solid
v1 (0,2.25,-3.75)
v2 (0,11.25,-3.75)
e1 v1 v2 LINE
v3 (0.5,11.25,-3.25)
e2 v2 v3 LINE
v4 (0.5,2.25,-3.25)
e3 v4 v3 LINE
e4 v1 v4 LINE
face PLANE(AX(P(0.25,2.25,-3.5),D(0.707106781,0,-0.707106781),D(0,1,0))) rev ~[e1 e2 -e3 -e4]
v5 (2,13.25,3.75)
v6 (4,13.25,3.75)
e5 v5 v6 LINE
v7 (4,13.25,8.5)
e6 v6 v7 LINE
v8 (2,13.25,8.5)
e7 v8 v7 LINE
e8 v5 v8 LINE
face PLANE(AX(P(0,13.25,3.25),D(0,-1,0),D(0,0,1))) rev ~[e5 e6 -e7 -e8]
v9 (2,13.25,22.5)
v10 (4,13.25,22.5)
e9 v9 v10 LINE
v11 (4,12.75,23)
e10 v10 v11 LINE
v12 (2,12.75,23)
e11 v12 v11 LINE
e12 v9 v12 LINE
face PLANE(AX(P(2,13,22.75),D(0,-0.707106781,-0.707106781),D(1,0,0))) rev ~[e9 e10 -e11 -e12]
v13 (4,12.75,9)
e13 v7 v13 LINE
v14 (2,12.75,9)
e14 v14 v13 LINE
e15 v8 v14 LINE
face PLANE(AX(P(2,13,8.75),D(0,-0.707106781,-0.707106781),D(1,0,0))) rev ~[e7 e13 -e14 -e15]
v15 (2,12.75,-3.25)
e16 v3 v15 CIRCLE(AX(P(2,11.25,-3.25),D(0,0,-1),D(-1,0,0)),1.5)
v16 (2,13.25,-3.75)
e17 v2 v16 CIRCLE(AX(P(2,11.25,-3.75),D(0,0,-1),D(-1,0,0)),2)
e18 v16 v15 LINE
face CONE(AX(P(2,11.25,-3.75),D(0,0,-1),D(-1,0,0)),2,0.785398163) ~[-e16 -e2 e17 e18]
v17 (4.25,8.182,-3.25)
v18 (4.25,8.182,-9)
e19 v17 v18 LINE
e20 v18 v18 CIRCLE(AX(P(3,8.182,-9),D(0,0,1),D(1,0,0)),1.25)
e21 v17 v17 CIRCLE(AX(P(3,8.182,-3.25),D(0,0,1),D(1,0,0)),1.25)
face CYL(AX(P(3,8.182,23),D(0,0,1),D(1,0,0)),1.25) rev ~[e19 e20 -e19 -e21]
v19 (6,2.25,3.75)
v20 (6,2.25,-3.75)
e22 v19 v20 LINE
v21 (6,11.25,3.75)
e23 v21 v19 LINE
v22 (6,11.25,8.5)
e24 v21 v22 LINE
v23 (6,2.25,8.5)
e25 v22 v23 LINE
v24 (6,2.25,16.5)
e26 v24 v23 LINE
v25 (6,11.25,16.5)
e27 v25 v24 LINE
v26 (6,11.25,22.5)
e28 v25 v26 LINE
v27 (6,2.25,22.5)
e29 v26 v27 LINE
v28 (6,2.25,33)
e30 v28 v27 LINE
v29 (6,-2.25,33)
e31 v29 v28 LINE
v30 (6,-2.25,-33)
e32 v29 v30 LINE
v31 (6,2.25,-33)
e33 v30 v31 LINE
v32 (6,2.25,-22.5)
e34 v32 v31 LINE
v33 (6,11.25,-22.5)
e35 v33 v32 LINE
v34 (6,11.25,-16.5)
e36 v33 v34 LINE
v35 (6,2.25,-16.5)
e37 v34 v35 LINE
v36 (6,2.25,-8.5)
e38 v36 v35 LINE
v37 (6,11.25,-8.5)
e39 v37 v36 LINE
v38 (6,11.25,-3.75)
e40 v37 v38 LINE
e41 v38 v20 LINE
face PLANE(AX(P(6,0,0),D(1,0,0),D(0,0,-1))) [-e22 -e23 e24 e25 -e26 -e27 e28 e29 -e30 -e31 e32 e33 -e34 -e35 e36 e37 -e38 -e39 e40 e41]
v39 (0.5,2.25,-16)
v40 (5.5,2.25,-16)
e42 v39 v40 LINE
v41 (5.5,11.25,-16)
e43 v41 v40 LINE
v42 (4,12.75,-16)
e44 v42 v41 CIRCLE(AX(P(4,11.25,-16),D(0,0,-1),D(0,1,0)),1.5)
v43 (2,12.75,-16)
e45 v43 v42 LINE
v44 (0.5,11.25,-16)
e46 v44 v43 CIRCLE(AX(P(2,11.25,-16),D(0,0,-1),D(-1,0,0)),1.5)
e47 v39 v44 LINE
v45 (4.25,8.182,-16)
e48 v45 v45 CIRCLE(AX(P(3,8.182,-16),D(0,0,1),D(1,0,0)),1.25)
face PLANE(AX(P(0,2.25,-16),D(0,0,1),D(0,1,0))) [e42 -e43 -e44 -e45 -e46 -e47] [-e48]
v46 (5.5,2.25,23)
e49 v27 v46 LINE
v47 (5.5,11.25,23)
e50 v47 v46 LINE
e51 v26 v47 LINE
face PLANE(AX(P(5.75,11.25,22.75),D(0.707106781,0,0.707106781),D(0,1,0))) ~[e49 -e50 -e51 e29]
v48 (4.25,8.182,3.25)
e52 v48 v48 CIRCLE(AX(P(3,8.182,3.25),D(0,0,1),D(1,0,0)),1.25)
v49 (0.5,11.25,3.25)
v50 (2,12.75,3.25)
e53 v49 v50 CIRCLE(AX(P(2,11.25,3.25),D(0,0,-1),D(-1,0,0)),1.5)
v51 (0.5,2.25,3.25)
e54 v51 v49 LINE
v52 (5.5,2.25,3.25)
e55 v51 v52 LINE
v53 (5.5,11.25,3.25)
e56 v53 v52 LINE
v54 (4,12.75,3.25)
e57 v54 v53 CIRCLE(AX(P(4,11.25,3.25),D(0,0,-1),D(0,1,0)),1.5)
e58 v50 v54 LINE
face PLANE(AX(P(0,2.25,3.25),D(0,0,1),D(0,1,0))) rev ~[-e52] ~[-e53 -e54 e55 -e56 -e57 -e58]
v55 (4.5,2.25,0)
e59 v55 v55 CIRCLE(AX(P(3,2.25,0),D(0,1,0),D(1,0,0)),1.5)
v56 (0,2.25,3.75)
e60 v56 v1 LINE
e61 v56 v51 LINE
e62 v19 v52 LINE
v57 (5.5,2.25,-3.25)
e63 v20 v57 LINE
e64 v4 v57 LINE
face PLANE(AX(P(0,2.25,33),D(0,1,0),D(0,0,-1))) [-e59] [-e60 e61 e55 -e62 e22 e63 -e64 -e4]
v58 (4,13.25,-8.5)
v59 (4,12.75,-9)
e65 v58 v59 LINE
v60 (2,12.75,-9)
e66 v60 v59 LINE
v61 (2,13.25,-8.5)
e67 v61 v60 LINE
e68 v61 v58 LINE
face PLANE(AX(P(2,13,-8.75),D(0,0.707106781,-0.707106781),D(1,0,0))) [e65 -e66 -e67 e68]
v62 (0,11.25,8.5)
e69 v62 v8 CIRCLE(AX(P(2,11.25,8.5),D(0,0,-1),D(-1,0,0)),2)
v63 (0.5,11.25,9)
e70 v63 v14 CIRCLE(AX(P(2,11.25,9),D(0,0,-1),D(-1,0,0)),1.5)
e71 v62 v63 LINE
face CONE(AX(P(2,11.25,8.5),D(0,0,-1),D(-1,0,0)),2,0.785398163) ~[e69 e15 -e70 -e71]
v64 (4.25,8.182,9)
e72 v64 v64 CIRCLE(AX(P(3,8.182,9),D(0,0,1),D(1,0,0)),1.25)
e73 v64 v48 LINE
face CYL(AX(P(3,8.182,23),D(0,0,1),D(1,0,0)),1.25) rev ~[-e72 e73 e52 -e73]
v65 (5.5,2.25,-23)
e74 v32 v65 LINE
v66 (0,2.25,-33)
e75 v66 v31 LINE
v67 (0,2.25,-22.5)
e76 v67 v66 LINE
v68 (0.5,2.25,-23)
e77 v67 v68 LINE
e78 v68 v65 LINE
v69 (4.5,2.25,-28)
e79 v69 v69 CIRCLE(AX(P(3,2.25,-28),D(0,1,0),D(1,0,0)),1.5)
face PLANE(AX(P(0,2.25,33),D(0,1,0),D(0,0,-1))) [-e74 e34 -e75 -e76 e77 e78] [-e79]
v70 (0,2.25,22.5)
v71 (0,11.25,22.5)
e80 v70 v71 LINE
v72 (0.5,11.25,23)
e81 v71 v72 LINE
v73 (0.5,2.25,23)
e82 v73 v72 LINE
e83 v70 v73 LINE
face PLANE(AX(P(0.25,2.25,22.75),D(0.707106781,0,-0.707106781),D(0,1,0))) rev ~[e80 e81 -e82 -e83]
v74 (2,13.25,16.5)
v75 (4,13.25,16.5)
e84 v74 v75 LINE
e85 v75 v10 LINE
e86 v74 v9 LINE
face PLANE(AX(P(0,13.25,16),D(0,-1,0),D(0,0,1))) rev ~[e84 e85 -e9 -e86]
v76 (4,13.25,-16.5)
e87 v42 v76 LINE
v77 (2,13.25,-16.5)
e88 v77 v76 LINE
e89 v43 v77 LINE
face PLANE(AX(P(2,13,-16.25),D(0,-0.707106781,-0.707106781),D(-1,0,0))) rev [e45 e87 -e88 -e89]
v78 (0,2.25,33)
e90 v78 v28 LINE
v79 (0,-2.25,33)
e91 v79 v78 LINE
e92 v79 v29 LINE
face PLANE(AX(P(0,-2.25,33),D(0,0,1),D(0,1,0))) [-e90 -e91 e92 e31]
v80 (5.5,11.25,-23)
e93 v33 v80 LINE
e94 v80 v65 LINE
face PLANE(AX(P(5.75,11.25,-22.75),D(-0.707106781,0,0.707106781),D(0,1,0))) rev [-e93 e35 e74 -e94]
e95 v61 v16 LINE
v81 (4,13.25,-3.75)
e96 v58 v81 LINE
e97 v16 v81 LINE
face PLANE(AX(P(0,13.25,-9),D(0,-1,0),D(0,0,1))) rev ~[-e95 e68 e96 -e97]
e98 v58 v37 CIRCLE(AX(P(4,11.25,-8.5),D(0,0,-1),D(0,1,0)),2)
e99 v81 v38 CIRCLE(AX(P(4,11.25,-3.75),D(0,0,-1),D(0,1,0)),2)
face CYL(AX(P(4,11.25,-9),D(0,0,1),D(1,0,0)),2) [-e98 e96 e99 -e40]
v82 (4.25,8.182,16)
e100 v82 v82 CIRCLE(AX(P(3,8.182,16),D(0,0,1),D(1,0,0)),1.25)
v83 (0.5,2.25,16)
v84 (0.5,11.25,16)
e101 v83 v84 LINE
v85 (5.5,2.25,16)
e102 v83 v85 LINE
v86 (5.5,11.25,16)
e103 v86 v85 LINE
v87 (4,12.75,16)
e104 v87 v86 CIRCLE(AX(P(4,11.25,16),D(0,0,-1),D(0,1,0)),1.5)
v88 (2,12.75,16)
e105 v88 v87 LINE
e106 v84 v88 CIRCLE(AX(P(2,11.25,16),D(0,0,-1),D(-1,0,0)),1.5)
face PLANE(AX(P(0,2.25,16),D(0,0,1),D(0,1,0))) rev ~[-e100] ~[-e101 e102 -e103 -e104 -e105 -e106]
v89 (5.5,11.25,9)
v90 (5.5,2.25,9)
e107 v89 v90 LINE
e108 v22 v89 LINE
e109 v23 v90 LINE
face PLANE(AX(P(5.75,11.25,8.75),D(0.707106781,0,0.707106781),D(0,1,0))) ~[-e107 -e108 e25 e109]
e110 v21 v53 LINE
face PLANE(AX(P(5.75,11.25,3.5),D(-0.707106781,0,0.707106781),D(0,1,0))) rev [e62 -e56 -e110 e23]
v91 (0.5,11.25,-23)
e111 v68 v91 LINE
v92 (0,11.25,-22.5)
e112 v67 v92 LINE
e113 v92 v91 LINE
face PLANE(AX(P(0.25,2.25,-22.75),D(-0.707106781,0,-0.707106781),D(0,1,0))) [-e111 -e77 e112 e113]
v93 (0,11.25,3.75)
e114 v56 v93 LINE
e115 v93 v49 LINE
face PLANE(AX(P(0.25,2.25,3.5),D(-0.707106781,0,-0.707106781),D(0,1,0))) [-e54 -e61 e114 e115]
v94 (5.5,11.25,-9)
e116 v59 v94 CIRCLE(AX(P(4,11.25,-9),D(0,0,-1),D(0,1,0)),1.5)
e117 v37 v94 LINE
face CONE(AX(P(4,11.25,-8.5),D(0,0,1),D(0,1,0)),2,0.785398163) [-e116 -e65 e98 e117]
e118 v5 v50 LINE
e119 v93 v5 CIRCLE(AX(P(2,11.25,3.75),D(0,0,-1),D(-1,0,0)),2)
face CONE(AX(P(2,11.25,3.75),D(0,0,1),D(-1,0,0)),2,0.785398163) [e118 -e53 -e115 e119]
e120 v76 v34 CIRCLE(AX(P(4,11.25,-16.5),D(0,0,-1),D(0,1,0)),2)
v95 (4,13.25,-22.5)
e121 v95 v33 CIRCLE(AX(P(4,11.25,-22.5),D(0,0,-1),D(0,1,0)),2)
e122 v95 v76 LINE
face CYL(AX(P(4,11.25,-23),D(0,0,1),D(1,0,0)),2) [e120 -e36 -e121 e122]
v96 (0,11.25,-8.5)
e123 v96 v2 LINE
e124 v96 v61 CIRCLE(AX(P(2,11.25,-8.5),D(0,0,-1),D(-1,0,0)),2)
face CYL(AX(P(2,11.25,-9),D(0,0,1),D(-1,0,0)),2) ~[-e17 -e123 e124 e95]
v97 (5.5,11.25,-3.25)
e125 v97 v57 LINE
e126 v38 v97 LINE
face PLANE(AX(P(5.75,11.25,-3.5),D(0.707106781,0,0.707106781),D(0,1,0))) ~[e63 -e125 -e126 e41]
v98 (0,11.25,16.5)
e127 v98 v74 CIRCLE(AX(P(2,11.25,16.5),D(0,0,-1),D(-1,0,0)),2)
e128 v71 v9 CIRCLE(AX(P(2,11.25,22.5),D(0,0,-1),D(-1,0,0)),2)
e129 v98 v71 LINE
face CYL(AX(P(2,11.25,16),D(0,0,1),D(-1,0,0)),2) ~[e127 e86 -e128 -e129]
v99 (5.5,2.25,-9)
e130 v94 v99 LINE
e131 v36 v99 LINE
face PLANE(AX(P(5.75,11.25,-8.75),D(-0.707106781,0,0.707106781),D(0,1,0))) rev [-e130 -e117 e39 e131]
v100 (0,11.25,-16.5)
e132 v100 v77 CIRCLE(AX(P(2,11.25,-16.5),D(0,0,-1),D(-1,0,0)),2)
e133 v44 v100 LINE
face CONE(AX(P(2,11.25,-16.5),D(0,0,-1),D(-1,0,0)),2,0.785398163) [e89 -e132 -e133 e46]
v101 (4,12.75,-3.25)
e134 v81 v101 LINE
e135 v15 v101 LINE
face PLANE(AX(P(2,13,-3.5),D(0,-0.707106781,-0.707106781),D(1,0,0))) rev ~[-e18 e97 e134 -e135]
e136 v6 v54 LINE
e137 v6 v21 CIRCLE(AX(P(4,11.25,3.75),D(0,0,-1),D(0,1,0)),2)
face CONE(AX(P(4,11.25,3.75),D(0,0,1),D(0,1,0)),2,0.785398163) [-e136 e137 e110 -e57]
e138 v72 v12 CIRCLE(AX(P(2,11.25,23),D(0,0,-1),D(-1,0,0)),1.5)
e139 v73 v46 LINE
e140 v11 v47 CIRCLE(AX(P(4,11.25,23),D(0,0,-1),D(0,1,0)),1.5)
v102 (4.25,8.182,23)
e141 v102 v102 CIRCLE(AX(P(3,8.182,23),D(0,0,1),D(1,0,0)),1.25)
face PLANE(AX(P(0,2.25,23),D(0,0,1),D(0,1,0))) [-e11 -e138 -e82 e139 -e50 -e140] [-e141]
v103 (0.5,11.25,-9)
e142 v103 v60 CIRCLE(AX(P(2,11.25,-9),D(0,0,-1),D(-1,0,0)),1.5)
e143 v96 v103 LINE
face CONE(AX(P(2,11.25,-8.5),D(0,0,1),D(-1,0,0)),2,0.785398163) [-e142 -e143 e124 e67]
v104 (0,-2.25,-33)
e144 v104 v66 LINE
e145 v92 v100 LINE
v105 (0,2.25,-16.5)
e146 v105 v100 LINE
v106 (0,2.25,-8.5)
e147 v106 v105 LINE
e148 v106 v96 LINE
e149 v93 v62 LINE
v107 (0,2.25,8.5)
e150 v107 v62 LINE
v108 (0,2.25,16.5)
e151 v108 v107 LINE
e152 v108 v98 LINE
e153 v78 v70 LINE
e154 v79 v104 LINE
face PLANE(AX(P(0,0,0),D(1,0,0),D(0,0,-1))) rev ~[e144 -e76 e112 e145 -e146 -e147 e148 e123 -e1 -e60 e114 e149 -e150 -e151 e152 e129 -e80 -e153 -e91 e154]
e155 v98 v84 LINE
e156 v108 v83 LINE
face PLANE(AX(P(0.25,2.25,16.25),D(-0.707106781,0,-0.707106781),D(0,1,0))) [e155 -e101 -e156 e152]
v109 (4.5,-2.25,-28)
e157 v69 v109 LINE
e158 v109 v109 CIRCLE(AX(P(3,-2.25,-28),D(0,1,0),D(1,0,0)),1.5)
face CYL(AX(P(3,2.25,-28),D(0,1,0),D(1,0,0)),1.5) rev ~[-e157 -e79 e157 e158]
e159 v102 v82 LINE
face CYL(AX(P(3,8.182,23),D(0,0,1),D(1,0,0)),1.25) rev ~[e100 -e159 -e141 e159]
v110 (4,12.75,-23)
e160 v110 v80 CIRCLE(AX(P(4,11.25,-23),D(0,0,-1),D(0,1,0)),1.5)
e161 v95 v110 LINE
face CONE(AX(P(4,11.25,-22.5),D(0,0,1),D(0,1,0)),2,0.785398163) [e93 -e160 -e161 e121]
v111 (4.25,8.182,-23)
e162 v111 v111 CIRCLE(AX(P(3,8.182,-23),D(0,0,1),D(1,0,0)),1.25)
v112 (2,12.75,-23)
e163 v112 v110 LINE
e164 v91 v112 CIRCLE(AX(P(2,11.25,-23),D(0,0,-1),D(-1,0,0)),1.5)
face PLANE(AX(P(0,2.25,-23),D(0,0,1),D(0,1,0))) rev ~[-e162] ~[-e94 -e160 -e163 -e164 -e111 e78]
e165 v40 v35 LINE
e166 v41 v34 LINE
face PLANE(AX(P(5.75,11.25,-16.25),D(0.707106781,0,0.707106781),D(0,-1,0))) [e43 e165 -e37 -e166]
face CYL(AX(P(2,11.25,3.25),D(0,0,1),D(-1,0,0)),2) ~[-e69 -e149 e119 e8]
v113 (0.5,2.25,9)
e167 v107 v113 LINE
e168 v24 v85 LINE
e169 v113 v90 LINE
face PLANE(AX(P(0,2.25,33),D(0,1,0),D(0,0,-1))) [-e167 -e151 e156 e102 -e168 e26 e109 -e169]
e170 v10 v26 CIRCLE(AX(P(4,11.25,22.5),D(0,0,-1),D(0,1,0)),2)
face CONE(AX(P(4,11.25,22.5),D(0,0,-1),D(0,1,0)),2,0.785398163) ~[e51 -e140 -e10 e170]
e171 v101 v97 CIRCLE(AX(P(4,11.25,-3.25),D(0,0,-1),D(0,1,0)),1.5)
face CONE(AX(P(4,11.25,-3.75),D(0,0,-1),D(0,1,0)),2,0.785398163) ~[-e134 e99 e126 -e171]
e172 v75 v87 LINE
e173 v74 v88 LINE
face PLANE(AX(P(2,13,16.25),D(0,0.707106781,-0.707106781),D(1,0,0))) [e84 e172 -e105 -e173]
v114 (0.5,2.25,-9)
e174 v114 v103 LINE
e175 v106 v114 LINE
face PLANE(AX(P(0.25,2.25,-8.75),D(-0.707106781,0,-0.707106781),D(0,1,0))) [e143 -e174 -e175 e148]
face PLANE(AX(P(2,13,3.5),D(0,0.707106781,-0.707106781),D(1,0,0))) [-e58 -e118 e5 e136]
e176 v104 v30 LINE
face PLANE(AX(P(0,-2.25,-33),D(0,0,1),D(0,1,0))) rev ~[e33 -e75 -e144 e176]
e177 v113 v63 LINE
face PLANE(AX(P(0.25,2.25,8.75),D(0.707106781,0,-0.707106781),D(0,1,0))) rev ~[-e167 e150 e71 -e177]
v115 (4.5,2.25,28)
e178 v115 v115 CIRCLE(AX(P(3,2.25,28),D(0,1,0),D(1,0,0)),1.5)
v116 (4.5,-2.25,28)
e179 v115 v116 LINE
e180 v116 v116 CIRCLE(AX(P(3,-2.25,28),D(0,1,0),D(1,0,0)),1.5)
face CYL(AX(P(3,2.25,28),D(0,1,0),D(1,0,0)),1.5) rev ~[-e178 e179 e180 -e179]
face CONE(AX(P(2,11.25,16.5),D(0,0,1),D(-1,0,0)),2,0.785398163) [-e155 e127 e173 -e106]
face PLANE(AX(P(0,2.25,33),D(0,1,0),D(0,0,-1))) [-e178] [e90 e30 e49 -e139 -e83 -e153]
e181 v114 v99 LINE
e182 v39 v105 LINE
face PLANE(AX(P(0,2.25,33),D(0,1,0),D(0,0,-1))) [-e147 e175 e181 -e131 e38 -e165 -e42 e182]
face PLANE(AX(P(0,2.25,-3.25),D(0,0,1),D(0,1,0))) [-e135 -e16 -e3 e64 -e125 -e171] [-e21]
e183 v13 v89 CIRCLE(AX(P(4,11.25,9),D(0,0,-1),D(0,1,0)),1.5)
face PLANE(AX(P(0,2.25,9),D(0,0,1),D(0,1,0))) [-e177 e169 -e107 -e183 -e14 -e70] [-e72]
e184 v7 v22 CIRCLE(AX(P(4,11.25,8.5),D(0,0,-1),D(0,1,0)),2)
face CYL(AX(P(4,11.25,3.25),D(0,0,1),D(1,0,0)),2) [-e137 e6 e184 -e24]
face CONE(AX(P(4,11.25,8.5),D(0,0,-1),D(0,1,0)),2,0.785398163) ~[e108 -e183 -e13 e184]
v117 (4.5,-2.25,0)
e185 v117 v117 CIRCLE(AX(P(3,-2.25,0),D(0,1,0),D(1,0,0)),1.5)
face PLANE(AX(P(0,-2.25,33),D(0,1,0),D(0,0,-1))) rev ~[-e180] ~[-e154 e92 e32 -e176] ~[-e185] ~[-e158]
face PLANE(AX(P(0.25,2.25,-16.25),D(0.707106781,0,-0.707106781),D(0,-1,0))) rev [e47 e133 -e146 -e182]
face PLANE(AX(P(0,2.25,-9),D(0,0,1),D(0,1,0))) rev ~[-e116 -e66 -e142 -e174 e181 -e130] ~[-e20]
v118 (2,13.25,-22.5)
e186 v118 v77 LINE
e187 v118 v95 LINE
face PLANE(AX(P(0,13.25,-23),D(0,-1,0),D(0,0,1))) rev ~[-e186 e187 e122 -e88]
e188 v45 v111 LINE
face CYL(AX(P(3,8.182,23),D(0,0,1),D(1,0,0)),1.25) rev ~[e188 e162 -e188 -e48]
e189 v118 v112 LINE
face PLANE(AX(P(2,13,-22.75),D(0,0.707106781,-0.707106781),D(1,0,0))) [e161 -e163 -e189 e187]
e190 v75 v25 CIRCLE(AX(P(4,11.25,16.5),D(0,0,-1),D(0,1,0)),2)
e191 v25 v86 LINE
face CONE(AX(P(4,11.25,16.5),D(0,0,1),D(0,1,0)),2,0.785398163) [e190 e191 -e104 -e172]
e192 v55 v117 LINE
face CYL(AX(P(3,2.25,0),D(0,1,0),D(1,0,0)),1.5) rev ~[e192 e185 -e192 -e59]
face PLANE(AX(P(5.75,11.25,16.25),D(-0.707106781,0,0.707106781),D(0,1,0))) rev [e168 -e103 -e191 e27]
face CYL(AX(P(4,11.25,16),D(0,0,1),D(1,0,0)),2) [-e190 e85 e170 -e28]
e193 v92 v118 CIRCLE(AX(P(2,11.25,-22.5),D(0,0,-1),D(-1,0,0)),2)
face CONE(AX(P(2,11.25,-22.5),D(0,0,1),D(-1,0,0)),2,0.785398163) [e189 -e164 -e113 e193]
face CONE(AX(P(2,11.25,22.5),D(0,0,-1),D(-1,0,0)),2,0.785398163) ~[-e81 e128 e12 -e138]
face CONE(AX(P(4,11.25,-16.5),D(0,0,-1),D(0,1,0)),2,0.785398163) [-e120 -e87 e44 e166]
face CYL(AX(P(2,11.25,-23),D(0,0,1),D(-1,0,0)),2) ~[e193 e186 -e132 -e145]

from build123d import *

# Parameters (mm, degrees)
SKETCH_1_W          = 66
SKETCH_1_H          = 4.5
EXTRUDE_1_DEPTH     = 6
SKETCH_2_W          = 5.75
SKETCH_2_H          = 11
SKETCH_2_W_2        = 7
EXTRUDE_2_DEPTH     = 6
SKETCH_3_R          = 1.25
CUT_EXTRUDE_1_DEPTH = 51
SKETCH_4_R          = 1.5
CUT_EXTRUDE_2_DEPTH = 51
FILLET_1_R          = 2
FILLET_2_R          = 2
FILLET_3_R          = 2
FILLET_4_R          = 2
FILLET_5_R          = 2
FILLET_6_R          = 2
FILLET_7_R          = 2
FILLET_8_R          = 2
CHAMFER_1_SIZE      = 0.5
CHAMFER_2_SIZE      = 0.5


with BuildPart() as part:
    # 草图1 → 凸台-拉伸1 (new body)
    with BuildSketch(Plane(origin=(0, 0, 0), x_dir=(0, 0, -1), z_dir=(1, 0, 0))):
        Rectangle(SKETCH_1_W, SKETCH_1_H)
    extrude(amount=EXTRUDE_1_DEPTH)

    # 草图2 → 凸台-拉伸2 (add)
    with BuildSketch(Plane.ZY):
        with Locations((6.125, 7.75)):
            Rectangle(SKETCH_2_W, SKETCH_2_H)
        with Locations((19.5, 7.75)):
            Rectangle(SKETCH_2_W_2, SKETCH_2_H)
        with Locations((-19.5, 7.75)):
            Rectangle(SKETCH_2_W_2, SKETCH_2_H)
        with Locations((-6.125, 7.75)):
            Rectangle(SKETCH_2_W, SKETCH_2_H)
    extrude(amount=-EXTRUDE_2_DEPTH)

    # 草图3 → 切除-拉伸1 (cut)
    with BuildSketch(Plane.XY.offset(23)):
        with Locations((3, 8.182)):
            Circle(SKETCH_3_R)
    extrude(amount=-CUT_EXTRUDE_1_DEPTH, mode=Mode.SUBTRACT)

    # 草图4 → 切除-拉伸2 (cut)
    with BuildSketch(Plane(origin=(0, 2.25, 0), x_dir=(1, 0, 0), z_dir=(0, 1, 0))):
        with Locations((3, 0)):
            Circle(SKETCH_4_R)
        with Locations((3, 28)):
            Circle(SKETCH_4_R)
        with Locations((3, -28)):
            Circle(SKETCH_4_R)
    extrude(amount=-CUT_EXTRUDE_2_DEPTH, mode=Mode.SUBTRACT)

    # 圆角1
    fillet_1_edges = [part.edges().sort_by_distance(p)[0] for p in [
        (6, 13.25, 19.5),
    ]]
    fillet(fillet_1_edges, radius=FILLET_1_R)

    # 圆角2
    fillet_2_edges = [part.edges().sort_by_distance(p)[0] for p in [
        (6, 13.25, -19.5),
    ]]
    fillet(fillet_2_edges, radius=FILLET_2_R)

    # 圆角3
    fillet_3_edges = [part.edges().sort_by_distance(p)[0] for p in [
        (6, 13.25, 6.125),
    ]]
    fillet(fillet_3_edges, radius=FILLET_3_R)

    # 圆角4
    fillet_4_edges = [part.edges().sort_by_distance(p)[0] for p in [
        (6, 13.25, -6.125),
    ]]
    fillet(fillet_4_edges, radius=FILLET_4_R)

    # 圆角5
    fillet_5_edges = [part.edges().sort_by_distance(p)[0] for p in [
        (0, 13.25, -19.5),
    ]]
    fillet(fillet_5_edges, radius=FILLET_5_R)

    # 圆角6
    fillet_6_edges = [part.edges().sort_by_distance(p)[0] for p in [
        (0, 13.25, -6.125),
    ]]
    fillet(fillet_6_edges, radius=FILLET_6_R)

    # 圆角7
    fillet_7_edges = [part.edges().sort_by_distance(p)[0] for p in [
        (0, 13.25, 6.125),
    ]]
    fillet(fillet_7_edges, radius=FILLET_7_R)

    # 圆角8
    fillet_8_edges = [part.edges().sort_by_distance(p)[0] for p in [
        (0, 13.25, 19.5),
    ]]
    fillet(fillet_8_edges, radius=FILLET_8_R)

    # 倒角1
    chamfer_1_edges = [part.edges().sort_by_distance(p)[0] for p in [
        (3, 13.25, -16),
        (5.414213562, 12.664213562, -16),
        (0.585786438, 12.664213562, -16),
        (6, 6.75, -16),
        (0, 6.75, -16),
    ]]
    chamfer(chamfer_1_edges, length=CHAMFER_1_SIZE)

    # 倒角2
    chamfer_2_edges = [part.edges().sort_by_distance(p)[0] for p in [
        (0, 6.75, -23),
        (6, 6.75, -23),
        (0.585786438, 12.664213562, -23),
        (5.414213562, 12.664213562, -23),
        (3, 13.25, -23),
        (0, 6.75, -9),
        (6, 6.75, -9),
        (0.585786438, 12.664213562, -9),
        (5.414213562, 12.664213562, -9),
        (3, 13.25, -9),
        (0, 6.75, 3.25),
        (6, 6.75, 3.25),
        (0.585786438, 12.664213562, 3.25),
        (5.414213562, 12.664213562, 3.25),
        (3, 13.25, 3.25),
        (0, 6.75, 16),
        (6, 6.75, 16),
        (0.585786438, 12.664213562, 16),
        (5.414213562, 12.664213562, 16),
        (3, 13.25, 16),
        (0, 6.75, 23),
        (6, 6.75, 23),
        (0.585786438, 12.664213562, 23),
        (5.414213562, 12.664213562, 23),
        (3, 13.25, 23),
        (0, 6.75, 9),
        (6, 6.75, 9),
        (0.585786438, 12.664213562, 9),
        (5.414213562, 12.664213562, 9),
        (3, 13.25, 9),
        (0, 6.75, -3.25),
        (6, 6.75, -3.25),
        (0.585786438, 12.664213562, -3.25),
        (5.414213562, 12.664213562, -3.25),
        (3, 13.25, -3.25),
    ]]
    chamfer(chamfer_2_edges, length=CHAMFER_2_SIZE)


solid = part.part
